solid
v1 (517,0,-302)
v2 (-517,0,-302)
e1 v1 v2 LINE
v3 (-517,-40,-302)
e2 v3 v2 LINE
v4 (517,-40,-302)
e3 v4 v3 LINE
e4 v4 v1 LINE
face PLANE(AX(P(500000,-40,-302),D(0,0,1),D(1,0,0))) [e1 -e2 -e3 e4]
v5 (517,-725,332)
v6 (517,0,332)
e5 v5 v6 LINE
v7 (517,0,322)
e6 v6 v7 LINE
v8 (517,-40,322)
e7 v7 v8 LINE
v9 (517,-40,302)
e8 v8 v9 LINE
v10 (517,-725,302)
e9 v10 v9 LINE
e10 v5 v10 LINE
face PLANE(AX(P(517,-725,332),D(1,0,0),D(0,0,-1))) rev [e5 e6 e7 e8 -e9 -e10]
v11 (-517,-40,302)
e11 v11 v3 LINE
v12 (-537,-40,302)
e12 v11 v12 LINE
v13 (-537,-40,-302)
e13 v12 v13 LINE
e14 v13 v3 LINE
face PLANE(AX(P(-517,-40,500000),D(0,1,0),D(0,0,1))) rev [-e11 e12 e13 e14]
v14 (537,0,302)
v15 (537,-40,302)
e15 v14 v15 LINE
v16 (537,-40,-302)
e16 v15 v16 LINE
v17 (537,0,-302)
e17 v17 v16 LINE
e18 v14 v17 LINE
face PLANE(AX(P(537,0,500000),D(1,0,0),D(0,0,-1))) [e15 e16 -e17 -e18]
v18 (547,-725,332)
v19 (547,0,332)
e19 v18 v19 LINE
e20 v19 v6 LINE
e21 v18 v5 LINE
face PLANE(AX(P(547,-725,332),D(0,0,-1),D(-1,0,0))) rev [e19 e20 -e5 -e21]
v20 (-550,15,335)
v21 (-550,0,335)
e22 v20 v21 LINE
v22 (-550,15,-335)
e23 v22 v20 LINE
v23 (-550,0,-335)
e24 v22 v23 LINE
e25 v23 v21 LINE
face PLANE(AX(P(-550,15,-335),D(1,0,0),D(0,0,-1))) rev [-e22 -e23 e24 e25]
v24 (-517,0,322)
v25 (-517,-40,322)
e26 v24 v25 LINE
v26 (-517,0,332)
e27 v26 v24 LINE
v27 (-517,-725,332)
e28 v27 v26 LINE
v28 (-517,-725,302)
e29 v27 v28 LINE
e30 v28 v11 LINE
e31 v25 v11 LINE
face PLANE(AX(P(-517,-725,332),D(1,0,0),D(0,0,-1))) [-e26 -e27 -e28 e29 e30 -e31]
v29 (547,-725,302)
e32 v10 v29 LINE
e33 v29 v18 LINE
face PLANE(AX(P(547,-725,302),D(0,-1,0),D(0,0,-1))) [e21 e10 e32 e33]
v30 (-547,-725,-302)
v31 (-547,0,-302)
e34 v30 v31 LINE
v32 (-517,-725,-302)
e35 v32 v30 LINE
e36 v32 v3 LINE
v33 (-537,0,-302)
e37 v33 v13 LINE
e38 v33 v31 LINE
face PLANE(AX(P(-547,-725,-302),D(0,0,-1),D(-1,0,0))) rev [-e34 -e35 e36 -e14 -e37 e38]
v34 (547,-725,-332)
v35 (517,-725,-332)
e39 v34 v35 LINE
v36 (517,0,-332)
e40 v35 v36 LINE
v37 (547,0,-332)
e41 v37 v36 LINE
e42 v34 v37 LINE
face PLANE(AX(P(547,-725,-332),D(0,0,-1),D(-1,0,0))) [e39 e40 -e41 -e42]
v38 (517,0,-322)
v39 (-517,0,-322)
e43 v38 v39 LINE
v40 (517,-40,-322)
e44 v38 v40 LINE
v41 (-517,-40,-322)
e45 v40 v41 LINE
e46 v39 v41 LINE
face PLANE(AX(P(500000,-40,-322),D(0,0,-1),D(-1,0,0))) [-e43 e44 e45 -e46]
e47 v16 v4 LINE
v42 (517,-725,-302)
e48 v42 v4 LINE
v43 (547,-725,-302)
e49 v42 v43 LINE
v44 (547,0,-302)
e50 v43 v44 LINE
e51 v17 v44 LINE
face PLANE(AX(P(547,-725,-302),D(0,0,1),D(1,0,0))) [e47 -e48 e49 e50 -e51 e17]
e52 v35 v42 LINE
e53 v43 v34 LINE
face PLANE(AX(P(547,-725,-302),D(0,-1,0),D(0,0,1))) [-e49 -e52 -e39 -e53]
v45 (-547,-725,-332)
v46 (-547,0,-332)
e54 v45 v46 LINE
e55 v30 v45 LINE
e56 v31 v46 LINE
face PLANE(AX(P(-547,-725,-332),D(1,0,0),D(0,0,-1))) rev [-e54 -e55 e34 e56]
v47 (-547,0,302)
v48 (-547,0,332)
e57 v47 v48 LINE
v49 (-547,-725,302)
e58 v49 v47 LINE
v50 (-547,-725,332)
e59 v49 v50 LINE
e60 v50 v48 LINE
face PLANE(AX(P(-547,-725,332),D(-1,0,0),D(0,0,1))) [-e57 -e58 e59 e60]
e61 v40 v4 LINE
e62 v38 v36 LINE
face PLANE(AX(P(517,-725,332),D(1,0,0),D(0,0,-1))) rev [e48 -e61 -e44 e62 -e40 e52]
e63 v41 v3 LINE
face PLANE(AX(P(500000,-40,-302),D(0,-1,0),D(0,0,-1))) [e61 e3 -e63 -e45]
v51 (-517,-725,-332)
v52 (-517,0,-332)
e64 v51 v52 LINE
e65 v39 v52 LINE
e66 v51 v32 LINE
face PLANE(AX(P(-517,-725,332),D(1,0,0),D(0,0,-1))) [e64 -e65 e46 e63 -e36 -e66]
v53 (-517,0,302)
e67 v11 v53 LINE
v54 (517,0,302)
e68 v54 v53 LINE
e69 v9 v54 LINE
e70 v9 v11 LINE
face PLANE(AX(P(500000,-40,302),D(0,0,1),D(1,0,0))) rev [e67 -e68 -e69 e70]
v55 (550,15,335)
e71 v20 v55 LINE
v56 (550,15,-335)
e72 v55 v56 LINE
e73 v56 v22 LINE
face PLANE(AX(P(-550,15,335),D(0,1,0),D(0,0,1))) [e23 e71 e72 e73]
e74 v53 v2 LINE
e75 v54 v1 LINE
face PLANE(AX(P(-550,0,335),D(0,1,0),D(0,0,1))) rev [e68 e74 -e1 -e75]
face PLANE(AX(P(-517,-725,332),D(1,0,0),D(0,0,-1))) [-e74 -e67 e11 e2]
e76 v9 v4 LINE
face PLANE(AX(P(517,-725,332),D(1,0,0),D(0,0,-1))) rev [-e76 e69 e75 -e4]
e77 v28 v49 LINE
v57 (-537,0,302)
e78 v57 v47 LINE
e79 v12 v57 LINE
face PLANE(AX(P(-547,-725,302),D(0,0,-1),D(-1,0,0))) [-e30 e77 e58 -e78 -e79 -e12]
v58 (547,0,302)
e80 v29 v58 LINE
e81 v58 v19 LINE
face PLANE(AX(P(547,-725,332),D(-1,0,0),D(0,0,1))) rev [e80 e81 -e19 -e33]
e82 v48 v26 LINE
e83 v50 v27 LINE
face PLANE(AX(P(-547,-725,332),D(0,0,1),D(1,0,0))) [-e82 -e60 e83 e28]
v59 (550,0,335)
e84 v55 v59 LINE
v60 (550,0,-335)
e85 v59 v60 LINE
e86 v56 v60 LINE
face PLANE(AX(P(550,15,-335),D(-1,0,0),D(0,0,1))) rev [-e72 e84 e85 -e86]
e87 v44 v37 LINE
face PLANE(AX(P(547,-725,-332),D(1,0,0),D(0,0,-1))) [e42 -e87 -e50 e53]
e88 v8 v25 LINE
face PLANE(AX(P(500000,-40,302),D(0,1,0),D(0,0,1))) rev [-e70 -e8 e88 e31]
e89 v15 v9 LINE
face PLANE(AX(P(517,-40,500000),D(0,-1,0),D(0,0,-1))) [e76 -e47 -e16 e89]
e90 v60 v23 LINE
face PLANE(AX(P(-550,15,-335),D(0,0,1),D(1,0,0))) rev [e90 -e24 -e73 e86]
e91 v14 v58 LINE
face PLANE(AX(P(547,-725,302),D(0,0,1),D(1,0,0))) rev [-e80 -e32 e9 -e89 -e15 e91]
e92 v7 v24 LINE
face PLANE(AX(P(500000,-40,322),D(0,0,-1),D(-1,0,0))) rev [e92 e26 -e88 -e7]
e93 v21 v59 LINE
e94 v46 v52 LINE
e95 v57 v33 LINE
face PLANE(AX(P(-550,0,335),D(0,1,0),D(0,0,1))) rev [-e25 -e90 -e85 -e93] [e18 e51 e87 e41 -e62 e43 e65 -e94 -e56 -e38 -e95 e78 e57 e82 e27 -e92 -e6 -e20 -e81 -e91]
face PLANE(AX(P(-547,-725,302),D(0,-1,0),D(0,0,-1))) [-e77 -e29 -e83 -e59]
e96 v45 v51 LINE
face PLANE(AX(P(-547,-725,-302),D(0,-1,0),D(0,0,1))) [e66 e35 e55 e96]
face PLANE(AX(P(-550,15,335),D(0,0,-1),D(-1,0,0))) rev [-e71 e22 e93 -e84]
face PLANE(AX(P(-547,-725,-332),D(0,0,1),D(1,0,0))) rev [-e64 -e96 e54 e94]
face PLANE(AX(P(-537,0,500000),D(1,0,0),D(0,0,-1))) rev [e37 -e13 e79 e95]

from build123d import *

# Parameters (mm, degrees)
SKETCH1_W               = 1100
SKETCH1_H               = 670
BOSS_EXTRUDE1_DEPTH     = 15
SKETCH2_W               = 30
SKETCH2_H               = 30
BOSS_EXTRUDE2_DEPTH     = 725
MIRROR2_COPY_1_SKETCH_W = 30
MIRROR2_COPY_1_SKETCH_H = 30
MIRROR2_COPY_1_DEPTH    = 725
BOSS_EXTRUDE3_REACH     = 1112.808
SKETCH3_W               = 20
SKETCH3_H               = 40
BOSS_EXTRUDE4_REACH     = 1334.794
SKETCH4_W               = 20
SKETCH4_H               = 40


with BuildPart() as part:
    # Sketch1 → Boss-Extrude1 (new body)
    with BuildSketch(Plane(origin=(0, 0, 0), x_dir=(1, 0, 0), z_dir=(0, 1, 0))):
        Rectangle(SKETCH1_W, SKETCH1_H)
    extrude(amount=BOSS_EXTRUDE1_DEPTH)

    # Sketch2 → Boss-Extrude2 (add)
    with BuildSketch(Plane(origin=(0, 0, 0), x_dir=(1, 0, 0), z_dir=(0, 1, 0))):
        with Locations((-532, -317)):
            Rectangle(SKETCH2_W, SKETCH2_H)
    boss_extrude2 = extrude(amount=-BOSS_EXTRUDE2_DEPTH)

    # Mirror1: Boss-Extrude2 across plane
    add(boss_extrude2.mirror(Plane.XY))

    # Mirror2: Boss-Extrude2 across plane
    add(boss_extrude2.mirror(Plane(origin=(0, 0, 0), x_dir=(0, 0, 1), z_dir=(1, 0, 0))))

    # Mirror2 copy 1 sketch → Mirror2 copy 1 (add)
    with BuildSketch(Plane(origin=(0, 0, 0), x_dir=(-1, 0, 0), z_dir=(0, 1, 0))):
        with Locations((-532, -317)):
            Rectangle(MIRROR2_COPY_1_SKETCH_W, MIRROR2_COPY_1_SKETCH_H)
    extrude(amount=-MIRROR2_COPY_1_DEPTH)

    # Sketch3 → Boss-Extrude3 (add, up to next)
    with BuildSketch(Plane.XY.offset(-302), mode=Mode.PRIVATE) as boss_extrude3_sk1:
        with Locations((-527, -20)):
            Rectangle(SKETCH3_W, SKETCH3_H)
    boss_extrude3_tool1 = extrude(boss_extrude3_sk1.sketch, amount=BOSS_EXTRUDE3_REACH, mode=Mode.PRIVATE) - part.part
    boss_extrude3 = boss_extrude3_tool1.solids().sort_by_distance((-527, -20, -302))[0]
    add(boss_extrude3)

    # Mirror3: Boss-Extrude3 across plane
    add(boss_extrude3.mirror(Plane(origin=(0, 0, 0), x_dir=(0, 0, 1), z_dir=(1, 0, 0))))

    # Sketch4 → Boss-Extrude4 (add, up to next)
    with BuildSketch(Plane(origin=(-517, 0, 0), x_dir=(0, 0, -1), z_dir=(1, 0, 0)), mode=Mode.PRIVATE) as boss_extrude4_sk1:
        with Locations((-312, -20)):
            Rectangle(SKETCH4_W, SKETCH4_H)
    boss_extrude4_tool1 = extrude(boss_extrude4_sk1.sketch, amount=BOSS_EXTRUDE4_REACH, mode=Mode.PRIVATE) - part.part
    boss_extrude4 = boss_extrude4_tool1.solids().sort_by_distance((-517, -20, 312))[0]
    add(boss_extrude4)

    # Mirror4: Boss-Extrude4 across plane
    add(boss_extrude4.mirror(Plane.XY))


solid = part.part
